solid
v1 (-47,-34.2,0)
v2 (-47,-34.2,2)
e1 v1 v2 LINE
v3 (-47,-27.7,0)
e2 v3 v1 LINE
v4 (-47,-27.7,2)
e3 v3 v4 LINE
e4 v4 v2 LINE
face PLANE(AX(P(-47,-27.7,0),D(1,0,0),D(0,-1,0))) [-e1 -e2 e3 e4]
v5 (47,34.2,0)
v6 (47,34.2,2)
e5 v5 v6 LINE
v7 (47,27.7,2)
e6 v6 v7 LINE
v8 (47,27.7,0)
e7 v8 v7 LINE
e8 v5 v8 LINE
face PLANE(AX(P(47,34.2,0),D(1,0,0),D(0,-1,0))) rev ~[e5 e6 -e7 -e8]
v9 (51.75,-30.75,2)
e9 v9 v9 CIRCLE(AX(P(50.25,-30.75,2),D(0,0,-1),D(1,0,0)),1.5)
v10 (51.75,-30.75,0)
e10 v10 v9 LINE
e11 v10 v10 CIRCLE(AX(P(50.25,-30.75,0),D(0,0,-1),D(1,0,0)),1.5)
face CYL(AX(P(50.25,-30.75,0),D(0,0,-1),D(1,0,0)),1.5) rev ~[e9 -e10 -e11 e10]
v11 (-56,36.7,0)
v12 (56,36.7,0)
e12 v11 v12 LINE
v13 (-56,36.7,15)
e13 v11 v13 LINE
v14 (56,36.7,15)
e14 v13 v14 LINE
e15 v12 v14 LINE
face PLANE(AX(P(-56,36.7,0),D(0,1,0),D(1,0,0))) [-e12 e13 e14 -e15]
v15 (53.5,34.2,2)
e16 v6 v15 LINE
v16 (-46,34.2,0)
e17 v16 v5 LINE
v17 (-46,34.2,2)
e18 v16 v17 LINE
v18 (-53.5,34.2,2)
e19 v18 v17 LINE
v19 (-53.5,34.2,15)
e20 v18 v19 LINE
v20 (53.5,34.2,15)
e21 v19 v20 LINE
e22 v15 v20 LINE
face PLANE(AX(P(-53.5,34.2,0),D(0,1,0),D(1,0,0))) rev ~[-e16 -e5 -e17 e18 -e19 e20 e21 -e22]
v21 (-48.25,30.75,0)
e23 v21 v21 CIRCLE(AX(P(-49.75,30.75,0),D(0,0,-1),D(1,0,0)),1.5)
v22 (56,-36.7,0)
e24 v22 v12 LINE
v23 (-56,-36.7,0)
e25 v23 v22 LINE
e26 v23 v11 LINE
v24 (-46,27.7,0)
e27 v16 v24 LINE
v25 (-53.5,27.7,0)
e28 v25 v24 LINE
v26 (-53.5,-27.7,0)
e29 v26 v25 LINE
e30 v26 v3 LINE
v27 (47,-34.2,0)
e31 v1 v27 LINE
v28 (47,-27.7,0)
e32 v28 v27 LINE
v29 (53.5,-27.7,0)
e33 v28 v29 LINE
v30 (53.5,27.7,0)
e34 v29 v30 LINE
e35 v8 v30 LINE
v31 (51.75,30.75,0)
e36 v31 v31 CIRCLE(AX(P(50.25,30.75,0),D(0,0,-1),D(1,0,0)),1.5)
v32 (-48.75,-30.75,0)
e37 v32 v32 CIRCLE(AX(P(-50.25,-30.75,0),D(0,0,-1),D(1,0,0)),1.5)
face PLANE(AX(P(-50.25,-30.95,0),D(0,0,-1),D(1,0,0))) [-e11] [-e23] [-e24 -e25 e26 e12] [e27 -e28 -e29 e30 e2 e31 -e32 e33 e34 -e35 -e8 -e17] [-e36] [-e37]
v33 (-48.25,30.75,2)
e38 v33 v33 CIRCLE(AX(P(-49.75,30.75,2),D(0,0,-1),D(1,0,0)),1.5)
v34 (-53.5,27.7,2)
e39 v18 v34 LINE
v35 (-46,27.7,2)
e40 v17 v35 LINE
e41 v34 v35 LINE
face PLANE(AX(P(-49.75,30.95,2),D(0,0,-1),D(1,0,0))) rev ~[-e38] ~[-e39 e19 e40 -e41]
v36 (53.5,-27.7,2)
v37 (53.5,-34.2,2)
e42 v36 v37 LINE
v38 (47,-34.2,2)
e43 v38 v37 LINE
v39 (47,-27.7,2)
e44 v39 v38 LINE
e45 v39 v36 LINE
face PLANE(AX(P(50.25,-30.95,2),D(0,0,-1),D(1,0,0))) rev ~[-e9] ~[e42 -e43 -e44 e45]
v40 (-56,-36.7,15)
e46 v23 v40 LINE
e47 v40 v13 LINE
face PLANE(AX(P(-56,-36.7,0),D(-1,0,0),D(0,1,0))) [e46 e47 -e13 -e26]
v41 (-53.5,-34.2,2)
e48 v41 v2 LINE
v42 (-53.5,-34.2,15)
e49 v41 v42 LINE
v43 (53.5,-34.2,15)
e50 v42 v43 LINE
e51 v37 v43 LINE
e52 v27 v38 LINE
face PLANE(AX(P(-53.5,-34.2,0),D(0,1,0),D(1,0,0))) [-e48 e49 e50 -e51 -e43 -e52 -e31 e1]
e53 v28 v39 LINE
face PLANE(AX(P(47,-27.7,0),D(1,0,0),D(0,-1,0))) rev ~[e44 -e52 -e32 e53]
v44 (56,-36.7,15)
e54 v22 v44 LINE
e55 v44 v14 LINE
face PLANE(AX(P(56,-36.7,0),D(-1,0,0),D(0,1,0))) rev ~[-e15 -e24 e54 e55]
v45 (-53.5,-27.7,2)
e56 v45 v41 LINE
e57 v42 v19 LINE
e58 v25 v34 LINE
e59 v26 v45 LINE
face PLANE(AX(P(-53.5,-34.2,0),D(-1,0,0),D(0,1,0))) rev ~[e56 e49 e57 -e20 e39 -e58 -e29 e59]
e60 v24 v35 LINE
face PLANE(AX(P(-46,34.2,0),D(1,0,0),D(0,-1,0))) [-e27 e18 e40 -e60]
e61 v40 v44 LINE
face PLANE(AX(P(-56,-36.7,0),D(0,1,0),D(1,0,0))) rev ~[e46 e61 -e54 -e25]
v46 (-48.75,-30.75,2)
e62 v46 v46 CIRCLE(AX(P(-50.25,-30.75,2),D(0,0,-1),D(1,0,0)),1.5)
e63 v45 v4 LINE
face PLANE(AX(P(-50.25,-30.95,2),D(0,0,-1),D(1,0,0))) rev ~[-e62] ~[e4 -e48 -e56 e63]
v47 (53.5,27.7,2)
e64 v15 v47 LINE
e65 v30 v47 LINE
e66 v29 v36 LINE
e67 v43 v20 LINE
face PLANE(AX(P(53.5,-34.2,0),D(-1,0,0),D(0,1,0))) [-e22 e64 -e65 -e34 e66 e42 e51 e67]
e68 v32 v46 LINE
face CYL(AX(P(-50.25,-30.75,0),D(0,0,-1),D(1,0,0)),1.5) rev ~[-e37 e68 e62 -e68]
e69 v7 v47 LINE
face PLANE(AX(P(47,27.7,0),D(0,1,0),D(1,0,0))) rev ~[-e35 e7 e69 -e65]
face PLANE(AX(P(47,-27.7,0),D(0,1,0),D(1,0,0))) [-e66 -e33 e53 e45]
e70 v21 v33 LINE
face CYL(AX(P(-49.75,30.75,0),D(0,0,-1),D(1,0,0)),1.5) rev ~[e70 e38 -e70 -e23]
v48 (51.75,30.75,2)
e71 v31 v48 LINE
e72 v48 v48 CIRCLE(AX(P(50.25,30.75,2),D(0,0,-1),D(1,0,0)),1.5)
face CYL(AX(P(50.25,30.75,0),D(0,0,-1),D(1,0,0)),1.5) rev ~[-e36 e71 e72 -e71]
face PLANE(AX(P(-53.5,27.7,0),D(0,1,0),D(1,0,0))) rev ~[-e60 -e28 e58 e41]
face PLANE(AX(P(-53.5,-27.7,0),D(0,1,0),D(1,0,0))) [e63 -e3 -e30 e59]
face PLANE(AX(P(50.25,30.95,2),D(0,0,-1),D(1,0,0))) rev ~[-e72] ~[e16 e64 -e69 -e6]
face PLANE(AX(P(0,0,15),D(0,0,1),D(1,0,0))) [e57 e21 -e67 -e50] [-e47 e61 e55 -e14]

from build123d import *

# Parameters (mm, degrees)
SKETCH_W      = 112
SKETCH_H      = 73.4
SKETCH_W_2    = 107
SKETCH_H_2    = 68.4
PAD_DEPTH     = 15
SKETCH001_W   = 6.5
SKETCH001_H   = 6.5
SKETCH001_W_2 = 7.5
PAD001_DEPTH  = 2
SKETCH002_R   = 1.5
POCKET_DEPTH  = 2


with BuildPart() as part:
    # Sketch → Pad (new body)
    with BuildSketch(Plane.XY):
        Rectangle(SKETCH_W, SKETCH_H)
        Rectangle(SKETCH_W_2, SKETCH_H_2, mode=Mode.SUBTRACT)
    extrude(amount=PAD_DEPTH)

    # Sketch001 (on Face9 of Pad) → Pad001 (join)
    with BuildSketch(Plane(origin=(0, 0, 0), x_dir=(1, 0, 0), z_dir=(0, 0, -1))):
        with Locations((-50.25, 30.95)):
            Rectangle(SKETCH001_W, SKETCH001_H)
        with Locations((-49.75, -30.95)):
            Rectangle(SKETCH001_W_2, SKETCH001_H)
        with Locations((50.25, 30.95)):
            Rectangle(SKETCH001_W, SKETCH001_H)
        with Locations((50.25, -30.95)):
            Rectangle(SKETCH001_W, SKETCH001_H)
    extrude(amount=-PAD001_DEPTH)

    # Sketch002 (on Face22 of Pad001) → Pocket (cut)
    with BuildSketch(Plane(origin=(0, 0, 0), x_dir=(1, 0, 0), z_dir=(0, 0, -1))):
        with Locations((-50.25, 30.75)):
            Circle(SKETCH002_R)
        with Locations((50.25, -30.75)):
            Circle(SKETCH002_R)
        with Locations((-49.75, -30.75)):
            Circle(SKETCH002_R)
        with Locations((50.25, 30.75)):
            Circle(SKETCH002_R)
    extrude(amount=-POCKET_DEPTH, mode=Mode.SUBTRACT)


solid = part.part
